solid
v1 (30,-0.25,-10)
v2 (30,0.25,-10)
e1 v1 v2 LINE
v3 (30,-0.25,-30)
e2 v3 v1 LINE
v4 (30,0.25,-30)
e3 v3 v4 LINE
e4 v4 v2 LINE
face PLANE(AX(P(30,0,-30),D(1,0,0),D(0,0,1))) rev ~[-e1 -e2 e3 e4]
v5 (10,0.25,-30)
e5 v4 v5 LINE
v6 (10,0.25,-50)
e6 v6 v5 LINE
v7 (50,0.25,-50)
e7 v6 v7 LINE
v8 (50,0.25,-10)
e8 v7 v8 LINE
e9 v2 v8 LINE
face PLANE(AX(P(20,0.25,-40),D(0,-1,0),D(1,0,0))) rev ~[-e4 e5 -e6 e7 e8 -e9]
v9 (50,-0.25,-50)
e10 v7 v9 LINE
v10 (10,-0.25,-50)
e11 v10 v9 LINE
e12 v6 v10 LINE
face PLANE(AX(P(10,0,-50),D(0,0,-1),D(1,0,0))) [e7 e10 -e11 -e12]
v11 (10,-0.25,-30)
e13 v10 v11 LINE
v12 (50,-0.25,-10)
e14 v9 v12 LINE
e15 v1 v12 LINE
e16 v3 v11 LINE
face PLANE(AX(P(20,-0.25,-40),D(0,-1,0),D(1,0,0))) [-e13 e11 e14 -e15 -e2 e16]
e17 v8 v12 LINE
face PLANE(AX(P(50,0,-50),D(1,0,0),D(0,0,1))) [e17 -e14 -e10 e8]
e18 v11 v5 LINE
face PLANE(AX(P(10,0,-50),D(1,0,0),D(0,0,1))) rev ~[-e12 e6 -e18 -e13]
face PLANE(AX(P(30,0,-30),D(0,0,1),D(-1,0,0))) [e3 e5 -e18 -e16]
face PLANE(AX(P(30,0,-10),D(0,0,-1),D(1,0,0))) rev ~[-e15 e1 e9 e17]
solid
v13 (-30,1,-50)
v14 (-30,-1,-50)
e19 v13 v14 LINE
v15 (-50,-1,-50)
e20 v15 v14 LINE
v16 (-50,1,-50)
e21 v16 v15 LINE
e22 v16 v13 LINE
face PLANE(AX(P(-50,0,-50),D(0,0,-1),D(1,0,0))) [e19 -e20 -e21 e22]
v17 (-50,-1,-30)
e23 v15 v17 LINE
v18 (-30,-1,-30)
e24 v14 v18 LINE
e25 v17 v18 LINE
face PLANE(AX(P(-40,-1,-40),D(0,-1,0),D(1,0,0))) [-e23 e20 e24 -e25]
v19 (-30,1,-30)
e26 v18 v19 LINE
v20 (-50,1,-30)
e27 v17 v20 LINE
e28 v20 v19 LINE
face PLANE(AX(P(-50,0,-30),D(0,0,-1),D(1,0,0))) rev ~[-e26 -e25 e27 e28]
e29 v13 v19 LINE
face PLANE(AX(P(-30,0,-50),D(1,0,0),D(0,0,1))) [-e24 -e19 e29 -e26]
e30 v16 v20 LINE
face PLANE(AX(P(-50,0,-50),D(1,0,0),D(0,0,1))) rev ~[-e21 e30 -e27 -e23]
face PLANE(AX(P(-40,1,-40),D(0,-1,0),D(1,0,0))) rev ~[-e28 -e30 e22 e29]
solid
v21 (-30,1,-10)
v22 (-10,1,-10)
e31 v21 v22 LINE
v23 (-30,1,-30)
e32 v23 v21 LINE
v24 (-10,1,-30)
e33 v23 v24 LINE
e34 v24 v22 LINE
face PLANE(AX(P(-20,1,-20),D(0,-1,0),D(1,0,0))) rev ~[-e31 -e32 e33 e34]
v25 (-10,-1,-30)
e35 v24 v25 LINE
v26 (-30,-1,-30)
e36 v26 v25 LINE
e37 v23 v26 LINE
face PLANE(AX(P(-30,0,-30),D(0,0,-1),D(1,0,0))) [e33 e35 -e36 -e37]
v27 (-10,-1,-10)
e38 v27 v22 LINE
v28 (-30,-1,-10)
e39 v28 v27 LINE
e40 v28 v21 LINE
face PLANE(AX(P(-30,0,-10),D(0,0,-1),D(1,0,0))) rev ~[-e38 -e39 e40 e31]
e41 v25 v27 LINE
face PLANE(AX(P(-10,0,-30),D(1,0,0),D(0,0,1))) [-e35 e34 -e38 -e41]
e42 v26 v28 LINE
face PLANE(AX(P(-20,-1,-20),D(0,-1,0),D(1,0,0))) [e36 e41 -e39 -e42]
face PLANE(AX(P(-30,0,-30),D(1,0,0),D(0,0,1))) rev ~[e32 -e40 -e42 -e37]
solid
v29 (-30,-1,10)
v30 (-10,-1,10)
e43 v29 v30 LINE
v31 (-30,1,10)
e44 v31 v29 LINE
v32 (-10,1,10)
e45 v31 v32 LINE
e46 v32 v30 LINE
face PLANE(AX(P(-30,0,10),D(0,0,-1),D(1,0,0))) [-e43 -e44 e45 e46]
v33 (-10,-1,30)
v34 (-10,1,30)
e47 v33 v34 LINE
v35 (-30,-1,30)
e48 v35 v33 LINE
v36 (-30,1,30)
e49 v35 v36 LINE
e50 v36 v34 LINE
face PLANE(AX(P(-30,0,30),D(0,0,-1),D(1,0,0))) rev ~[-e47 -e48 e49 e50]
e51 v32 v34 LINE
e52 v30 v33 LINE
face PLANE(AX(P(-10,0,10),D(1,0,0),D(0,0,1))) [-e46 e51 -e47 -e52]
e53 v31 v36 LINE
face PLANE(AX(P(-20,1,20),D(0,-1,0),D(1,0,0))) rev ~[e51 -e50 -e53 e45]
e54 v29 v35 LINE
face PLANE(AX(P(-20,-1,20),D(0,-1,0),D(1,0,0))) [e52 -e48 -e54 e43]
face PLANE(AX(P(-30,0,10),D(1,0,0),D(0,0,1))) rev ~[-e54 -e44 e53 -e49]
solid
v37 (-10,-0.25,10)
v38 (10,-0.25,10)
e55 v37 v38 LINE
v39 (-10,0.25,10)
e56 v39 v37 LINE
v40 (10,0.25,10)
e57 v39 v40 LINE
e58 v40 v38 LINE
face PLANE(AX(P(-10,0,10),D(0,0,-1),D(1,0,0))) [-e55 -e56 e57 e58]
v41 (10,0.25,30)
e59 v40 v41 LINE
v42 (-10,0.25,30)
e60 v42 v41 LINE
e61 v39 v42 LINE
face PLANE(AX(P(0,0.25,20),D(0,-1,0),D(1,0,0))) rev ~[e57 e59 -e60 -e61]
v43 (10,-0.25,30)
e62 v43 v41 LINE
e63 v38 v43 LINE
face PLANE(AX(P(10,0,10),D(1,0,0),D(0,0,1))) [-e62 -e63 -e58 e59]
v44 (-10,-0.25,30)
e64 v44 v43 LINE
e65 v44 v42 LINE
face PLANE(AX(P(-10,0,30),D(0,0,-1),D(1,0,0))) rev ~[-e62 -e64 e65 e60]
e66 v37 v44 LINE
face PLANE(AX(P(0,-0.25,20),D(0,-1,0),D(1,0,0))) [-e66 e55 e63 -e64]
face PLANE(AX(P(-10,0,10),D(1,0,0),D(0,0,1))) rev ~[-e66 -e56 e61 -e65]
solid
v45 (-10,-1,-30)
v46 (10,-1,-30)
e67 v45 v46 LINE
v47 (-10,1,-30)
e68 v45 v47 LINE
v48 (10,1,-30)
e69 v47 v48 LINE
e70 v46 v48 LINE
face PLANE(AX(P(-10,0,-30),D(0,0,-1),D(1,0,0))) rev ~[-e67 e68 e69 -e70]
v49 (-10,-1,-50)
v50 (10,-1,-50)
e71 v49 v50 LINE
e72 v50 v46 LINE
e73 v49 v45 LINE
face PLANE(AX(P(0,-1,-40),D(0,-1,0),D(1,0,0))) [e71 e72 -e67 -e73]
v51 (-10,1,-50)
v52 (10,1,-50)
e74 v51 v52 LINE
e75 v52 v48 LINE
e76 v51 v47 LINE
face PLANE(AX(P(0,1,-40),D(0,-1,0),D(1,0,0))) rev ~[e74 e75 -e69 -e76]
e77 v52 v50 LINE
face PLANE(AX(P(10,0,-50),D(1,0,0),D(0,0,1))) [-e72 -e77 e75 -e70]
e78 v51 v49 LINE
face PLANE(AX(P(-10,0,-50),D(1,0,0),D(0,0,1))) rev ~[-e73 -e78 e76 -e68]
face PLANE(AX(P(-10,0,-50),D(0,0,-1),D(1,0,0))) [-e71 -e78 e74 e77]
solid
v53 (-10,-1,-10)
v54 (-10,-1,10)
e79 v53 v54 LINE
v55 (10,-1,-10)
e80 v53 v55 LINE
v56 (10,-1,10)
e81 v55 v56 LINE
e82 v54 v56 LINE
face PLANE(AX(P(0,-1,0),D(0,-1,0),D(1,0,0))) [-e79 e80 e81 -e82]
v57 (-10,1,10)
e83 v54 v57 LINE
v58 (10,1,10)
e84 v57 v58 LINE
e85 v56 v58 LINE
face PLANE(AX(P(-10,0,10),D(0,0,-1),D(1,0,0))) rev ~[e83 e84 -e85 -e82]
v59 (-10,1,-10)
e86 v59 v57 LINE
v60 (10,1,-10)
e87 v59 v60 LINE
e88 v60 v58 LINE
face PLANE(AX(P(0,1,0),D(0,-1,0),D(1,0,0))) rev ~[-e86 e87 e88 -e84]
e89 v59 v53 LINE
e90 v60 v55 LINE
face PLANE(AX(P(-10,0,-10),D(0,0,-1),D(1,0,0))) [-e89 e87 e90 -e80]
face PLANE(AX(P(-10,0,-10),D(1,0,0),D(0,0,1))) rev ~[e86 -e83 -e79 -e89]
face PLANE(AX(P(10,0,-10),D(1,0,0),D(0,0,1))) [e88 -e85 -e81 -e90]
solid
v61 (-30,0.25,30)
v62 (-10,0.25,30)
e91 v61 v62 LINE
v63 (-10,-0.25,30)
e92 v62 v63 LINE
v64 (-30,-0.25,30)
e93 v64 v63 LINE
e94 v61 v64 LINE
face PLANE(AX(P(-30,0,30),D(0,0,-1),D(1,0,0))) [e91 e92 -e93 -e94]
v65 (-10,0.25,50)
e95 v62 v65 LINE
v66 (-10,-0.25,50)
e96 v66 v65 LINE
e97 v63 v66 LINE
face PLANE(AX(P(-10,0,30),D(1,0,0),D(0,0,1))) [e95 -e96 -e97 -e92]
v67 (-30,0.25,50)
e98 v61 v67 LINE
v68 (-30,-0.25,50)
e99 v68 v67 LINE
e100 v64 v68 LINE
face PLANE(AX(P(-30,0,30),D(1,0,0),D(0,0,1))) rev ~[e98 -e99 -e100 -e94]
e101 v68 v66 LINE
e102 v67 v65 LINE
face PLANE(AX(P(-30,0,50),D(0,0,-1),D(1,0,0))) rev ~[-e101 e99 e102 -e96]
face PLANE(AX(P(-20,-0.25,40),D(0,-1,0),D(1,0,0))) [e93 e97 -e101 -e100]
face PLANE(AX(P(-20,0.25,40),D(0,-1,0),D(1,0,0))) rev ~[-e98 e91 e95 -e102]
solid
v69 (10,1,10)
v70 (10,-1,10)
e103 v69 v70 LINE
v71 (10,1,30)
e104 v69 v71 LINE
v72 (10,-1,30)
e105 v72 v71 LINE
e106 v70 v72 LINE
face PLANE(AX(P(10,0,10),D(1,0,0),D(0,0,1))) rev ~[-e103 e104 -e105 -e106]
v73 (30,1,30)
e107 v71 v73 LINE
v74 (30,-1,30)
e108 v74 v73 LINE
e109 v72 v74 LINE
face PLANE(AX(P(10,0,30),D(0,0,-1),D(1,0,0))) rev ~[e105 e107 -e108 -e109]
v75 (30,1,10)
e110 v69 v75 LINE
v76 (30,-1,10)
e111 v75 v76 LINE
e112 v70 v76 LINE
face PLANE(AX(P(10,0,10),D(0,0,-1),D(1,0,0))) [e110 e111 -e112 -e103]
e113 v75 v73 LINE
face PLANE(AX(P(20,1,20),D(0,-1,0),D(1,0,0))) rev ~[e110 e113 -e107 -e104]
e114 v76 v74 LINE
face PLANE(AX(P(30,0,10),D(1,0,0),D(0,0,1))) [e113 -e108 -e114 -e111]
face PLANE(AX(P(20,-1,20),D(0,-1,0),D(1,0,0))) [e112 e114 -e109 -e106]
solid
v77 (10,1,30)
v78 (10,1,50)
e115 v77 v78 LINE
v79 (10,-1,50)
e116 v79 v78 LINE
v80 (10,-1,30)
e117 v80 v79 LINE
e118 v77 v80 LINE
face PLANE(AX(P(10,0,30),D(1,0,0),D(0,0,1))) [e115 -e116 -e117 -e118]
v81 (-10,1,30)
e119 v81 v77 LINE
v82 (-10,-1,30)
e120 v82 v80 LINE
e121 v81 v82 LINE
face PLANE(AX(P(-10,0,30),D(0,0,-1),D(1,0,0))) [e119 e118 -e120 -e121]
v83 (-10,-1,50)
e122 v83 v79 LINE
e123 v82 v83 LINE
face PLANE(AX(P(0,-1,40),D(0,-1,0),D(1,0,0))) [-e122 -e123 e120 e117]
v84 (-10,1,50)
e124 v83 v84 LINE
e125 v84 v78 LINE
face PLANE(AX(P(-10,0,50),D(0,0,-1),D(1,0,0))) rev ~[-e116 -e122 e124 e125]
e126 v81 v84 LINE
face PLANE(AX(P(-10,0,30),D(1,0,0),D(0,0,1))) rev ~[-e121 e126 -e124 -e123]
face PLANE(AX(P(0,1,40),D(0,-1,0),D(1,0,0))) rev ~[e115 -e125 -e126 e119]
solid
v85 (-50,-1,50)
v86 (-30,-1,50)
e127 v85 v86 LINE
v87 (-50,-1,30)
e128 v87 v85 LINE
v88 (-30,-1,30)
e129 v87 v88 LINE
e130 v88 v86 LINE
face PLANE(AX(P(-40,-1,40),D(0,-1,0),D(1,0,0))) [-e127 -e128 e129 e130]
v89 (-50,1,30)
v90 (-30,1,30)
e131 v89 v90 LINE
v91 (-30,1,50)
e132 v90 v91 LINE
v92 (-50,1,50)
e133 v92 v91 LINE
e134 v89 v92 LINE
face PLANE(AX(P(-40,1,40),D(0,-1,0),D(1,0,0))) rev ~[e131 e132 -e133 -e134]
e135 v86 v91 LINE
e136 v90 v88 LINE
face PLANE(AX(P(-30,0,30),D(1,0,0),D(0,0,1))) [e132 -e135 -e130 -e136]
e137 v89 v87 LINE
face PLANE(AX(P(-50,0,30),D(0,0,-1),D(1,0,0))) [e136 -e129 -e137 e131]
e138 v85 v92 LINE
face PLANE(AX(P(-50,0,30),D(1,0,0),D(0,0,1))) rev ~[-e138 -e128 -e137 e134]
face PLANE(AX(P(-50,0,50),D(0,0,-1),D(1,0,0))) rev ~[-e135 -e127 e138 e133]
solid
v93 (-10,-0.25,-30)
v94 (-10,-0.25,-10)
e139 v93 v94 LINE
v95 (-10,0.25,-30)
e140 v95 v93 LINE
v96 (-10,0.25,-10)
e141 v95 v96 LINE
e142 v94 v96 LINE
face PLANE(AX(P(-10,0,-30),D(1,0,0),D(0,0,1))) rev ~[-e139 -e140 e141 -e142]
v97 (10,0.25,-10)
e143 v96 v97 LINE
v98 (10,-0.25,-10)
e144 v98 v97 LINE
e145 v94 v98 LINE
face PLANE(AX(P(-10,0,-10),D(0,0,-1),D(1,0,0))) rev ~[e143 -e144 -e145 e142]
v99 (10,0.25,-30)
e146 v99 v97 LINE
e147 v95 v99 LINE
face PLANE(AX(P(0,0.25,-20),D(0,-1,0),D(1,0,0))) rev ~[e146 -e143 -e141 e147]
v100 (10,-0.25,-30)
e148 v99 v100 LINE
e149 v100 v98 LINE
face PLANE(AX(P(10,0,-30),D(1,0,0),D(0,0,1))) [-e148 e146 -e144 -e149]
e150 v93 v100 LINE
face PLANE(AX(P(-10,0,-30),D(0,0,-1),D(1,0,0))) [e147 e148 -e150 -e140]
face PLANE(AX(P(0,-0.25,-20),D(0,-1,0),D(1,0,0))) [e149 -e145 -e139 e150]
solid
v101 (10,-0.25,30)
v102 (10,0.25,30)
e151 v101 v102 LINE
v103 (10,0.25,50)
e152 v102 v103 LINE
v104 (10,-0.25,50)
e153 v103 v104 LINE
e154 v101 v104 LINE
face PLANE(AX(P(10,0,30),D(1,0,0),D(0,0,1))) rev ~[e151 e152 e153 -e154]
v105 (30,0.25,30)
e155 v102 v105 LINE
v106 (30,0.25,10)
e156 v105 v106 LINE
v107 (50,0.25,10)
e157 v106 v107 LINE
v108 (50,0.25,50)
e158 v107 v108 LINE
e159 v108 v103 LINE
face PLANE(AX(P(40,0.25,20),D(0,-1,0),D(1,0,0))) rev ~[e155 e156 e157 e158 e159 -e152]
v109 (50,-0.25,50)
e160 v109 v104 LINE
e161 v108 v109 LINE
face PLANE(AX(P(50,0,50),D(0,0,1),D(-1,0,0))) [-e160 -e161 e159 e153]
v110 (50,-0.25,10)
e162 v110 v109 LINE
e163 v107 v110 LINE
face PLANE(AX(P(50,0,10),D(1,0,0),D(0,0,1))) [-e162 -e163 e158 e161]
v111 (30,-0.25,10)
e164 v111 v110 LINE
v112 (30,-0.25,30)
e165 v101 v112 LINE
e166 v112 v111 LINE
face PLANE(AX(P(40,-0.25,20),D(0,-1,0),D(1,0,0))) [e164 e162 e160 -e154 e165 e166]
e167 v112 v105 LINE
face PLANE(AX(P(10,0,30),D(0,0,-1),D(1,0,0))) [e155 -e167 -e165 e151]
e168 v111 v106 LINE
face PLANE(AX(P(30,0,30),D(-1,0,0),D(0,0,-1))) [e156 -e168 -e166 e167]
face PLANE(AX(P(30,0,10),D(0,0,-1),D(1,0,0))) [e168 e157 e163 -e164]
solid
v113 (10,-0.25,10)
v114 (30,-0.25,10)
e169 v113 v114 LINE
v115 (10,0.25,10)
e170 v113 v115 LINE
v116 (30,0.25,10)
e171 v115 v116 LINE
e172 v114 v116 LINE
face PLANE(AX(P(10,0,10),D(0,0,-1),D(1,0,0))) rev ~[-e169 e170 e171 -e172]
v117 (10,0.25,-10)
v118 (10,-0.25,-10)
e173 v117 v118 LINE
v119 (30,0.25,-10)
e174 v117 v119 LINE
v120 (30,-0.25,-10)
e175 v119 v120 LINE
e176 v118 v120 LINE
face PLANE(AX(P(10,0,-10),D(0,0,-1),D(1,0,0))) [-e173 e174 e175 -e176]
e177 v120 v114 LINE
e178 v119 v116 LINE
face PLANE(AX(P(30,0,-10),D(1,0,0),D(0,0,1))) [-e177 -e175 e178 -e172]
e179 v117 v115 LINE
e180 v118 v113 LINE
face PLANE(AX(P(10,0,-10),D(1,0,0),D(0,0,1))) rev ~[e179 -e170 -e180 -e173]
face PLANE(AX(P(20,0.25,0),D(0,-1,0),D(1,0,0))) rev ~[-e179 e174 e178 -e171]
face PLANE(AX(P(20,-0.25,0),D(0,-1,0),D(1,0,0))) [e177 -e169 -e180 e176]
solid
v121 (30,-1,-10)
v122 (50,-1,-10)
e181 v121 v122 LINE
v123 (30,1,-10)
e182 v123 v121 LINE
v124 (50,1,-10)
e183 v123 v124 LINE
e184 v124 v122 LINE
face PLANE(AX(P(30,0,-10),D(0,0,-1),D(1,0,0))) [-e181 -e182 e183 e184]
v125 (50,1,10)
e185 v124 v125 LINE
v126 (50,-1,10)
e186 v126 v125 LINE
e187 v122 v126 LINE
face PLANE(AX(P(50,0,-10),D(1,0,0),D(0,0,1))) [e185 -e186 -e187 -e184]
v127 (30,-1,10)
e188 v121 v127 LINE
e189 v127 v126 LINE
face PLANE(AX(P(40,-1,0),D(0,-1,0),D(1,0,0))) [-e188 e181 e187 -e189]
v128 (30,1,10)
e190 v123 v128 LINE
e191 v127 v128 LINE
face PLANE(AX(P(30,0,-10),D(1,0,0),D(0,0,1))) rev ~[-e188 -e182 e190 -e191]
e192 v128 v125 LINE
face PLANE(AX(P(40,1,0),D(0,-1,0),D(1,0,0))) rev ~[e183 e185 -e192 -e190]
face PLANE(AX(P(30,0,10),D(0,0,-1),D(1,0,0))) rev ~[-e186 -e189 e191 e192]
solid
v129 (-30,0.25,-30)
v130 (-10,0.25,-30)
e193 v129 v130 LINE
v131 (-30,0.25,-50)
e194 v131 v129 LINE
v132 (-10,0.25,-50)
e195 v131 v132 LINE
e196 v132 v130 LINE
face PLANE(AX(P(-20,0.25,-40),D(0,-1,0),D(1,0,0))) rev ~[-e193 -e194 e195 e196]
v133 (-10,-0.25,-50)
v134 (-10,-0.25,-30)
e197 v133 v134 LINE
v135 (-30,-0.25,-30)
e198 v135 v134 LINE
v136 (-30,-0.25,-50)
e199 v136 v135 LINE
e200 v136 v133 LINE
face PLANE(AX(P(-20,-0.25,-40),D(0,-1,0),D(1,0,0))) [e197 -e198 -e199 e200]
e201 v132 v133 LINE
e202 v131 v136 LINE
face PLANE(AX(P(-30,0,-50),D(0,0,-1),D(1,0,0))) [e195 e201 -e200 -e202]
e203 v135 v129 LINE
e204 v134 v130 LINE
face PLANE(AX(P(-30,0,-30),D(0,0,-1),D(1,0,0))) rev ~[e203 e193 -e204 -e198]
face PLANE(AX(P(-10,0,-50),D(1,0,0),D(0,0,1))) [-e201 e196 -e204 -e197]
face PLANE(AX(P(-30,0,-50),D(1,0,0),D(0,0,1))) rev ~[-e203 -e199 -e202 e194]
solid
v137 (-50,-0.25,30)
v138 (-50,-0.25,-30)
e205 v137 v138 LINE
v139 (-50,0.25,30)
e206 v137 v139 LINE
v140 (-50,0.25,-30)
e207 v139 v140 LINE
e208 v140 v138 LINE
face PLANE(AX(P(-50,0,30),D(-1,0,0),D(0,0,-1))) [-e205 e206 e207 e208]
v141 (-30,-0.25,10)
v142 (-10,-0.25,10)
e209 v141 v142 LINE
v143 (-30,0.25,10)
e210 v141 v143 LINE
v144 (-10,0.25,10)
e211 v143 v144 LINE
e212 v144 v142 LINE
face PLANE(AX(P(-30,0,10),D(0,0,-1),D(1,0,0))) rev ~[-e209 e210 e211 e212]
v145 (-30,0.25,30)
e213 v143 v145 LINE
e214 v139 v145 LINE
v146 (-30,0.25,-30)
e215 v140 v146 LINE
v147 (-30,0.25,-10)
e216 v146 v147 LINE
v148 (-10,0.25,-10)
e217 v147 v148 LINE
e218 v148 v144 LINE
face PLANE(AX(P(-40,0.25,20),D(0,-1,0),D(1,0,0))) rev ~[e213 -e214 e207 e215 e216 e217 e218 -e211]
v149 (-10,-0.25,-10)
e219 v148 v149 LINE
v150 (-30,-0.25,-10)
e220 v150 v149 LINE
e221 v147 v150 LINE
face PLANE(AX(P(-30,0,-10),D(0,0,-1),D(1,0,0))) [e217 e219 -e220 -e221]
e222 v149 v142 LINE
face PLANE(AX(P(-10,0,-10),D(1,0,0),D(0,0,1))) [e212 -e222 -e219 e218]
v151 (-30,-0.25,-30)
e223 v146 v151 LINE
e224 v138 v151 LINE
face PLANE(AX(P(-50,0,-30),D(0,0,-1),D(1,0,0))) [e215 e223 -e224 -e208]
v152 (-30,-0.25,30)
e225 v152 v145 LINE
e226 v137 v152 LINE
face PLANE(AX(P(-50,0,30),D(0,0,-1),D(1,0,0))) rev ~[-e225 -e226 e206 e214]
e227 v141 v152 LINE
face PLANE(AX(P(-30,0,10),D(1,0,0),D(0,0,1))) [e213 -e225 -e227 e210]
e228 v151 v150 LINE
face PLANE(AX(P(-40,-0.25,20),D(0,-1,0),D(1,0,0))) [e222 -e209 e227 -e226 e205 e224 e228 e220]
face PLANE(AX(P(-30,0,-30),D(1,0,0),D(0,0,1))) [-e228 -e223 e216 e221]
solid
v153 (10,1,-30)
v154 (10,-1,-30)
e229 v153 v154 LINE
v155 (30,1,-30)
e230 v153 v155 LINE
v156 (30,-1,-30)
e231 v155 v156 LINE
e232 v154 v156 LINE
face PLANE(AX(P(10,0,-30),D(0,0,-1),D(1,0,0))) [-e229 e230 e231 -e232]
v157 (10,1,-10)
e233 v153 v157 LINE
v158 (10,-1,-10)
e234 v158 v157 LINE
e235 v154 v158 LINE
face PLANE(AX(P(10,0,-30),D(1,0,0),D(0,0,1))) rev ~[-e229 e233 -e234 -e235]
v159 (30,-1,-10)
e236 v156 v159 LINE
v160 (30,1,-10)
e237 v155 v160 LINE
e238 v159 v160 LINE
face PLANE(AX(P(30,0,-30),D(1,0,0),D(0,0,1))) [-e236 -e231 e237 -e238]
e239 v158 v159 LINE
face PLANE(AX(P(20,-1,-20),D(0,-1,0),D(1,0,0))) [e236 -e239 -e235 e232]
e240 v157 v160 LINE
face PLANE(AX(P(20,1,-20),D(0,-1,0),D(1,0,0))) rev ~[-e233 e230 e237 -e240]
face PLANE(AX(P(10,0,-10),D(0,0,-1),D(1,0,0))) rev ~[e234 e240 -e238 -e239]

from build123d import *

# Parameters (mm, degrees)
F0_W     = 20
F0_H     = 20
F1_DEPTH = 1
F2_DEPTH = 0.25


with BuildPart() as f1:
    # F0 (on Front) → F1 (new body, symmetric)
    with BuildSketch(Plane.XZ):
        with Locations((-40, 40)):
            Rectangle(F0_W, F0_H)
    extrude(amount=F1_DEPTH, both=True)


with BuildPart() as f1b:
    # F0 (on Front) → F1, piece 2 (new body, symmetric)
    with BuildSketch(Plane.XZ):
        with Locations((-20, 20)):
            Rectangle(F0_W, F0_H)
    extrude(amount=F1_DEPTH, both=True)


with BuildPart() as f1c:
    # F0 (on Front) → F1, piece 3 (new body, symmetric)
    with BuildSketch(Plane.XZ):
        Rectangle(F0_W, F0_H)
    extrude(amount=F1_DEPTH, both=True)


with BuildPart() as f1d:
    # F0 (on Front) → F1, piece 4 (new body, symmetric)
    with BuildSketch(Plane.XZ):
        with Locations((-20, -20)):
            Rectangle(F0_W, F0_H)
    extrude(amount=F1_DEPTH, both=True)


with BuildPart() as f1e:
    # F0 (on Front) → F1, piece 5 (new body, symmetric)
    with BuildSketch(Plane.XZ):
        with Locations((-40, -40)):
            Rectangle(F0_W, F0_H)
    extrude(amount=F1_DEPTH, both=True)


with BuildPart() as f1f:
    # F0 (on Front) → F1, piece 6 (new body, symmetric)
    with BuildSketch(Plane.XZ):
        with Locations((0, 40)):
            Rectangle(F0_W, F0_H)
    extrude(amount=F1_DEPTH, both=True)


with BuildPart() as f1g:
    # F0 (on Front) → F1, piece 7 (new body, symmetric)
    with BuildSketch(Plane.XZ):
        with Locations((20, 20)):
            Rectangle(F0_W, F0_H)
    extrude(amount=F1_DEPTH, both=True)


with BuildPart() as f1h:
    # F0 (on Front) → F1, piece 8 (new body, symmetric)
    with BuildSketch(Plane.XZ):
        with Locations((40, 0)):
            Rectangle(F0_W, F0_H)
    extrude(amount=F1_DEPTH, both=True)


with BuildPart() as f1i:
    # F0 (on Front) → F1, piece 9 (new body, symmetric)
    with BuildSketch(Plane.XZ):
        with Locations((20, -20)):
            Rectangle(F0_W, F0_H)
    extrude(amount=F1_DEPTH, both=True)


with BuildPart() as f1j:
    # F0 (on Front) → F1, piece 10 (new body, symmetric)
    with BuildSketch(Plane.XZ):
        with Locations((0, -40)):
            Rectangle(F0_W, F0_H)
    extrude(amount=F1_DEPTH, both=True)


with BuildPart() as f2:
    # F0 (on Front) → F2 (new body, symmetric)
    with BuildSketch(Plane.XZ):
        with Locations((-40, 20)):
            Rectangle(F0_W, F0_H)
        with Locations((-40, 0)):
            Rectangle(F0_W, F0_H)
        with Locations((-40, -20)):
            Rectangle(F0_W, F0_H)
        with Locations((-20, 0)):
            Rectangle(F0_W, F0_H)
    extrude(amount=F2_DEPTH, both=True)


with BuildPart() as f2b:
    # F0 (on Front) → F2, piece 2 (new body, symmetric)
    with BuildSketch(Plane.XZ):
        with Locations((-20, 40)):
            Rectangle(F0_W, F0_H)
    extrude(amount=F2_DEPTH, both=True)


with BuildPart() as f2c:
    # F0 (on Front) → F2, piece 3 (new body, symmetric)
    with BuildSketch(Plane.XZ):
        with Locations((0, 20)):
            Rectangle(F0_W, F0_H)
    extrude(amount=F2_DEPTH, both=True)


with BuildPart() as f2d:
    # F0 (on Front) → F2, piece 4 (new body, symmetric)
    with BuildSketch(Plane.XZ):
        with Locations((20, 0)):
            Rectangle(F0_W, F0_H)
    extrude(amount=F2_DEPTH, both=True)


with BuildPart() as f2e:
    # F0 (on Front) → F2, piece 5 (new body, symmetric)
    with BuildSketch(Plane.XZ):
        with Locations((0, -20)):
            Rectangle(F0_W, F0_H)
    extrude(amount=F2_DEPTH, both=True)


with BuildPart() as f2f:
    # F0 (on Front) → F2, piece 6 (new body, symmetric)
    with BuildSketch(Plane.XZ):
        with Locations((-20, -40)):
            Rectangle(F0_W, F0_H)
    extrude(amount=F2_DEPTH, both=True)


with BuildPart() as f2g:
    # F0 (on Front) → F2, piece 7 (new body, symmetric)
    with BuildSketch(Plane.XZ):
        with Locations((20, -40)):
            Rectangle(F0_W, F0_H)
        with Locations((40, -40)):
            Rectangle(F0_W, F0_H)
        with Locations((40, -20)):
            Rectangle(F0_W, F0_H)
    extrude(amount=F2_DEPTH, both=True)


with BuildPart() as f2h:
    # F0 (on Front) → F2, piece 8 (new body, symmetric)
    with BuildSketch(Plane.XZ):
        with Locations((40, 20)):
            Rectangle(F0_W, F0_H)
        with Locations((40, 40)):
            Rectangle(F0_W, F0_H)
        with Locations((20, 40)):
            Rectangle(F0_W, F0_H)
    extrude(amount=F2_DEPTH, both=True)


solid = Compound([f1.part, f1b.part, f1c.part, f1d.part, f1e.part, f1f.part, f1g.part, f1h.part, f1i.part, f1j.part, f2.part, f2b.part, f2c.part, f2d.part, f2e.part, f2f.part, f2g.part, f2h.part])
